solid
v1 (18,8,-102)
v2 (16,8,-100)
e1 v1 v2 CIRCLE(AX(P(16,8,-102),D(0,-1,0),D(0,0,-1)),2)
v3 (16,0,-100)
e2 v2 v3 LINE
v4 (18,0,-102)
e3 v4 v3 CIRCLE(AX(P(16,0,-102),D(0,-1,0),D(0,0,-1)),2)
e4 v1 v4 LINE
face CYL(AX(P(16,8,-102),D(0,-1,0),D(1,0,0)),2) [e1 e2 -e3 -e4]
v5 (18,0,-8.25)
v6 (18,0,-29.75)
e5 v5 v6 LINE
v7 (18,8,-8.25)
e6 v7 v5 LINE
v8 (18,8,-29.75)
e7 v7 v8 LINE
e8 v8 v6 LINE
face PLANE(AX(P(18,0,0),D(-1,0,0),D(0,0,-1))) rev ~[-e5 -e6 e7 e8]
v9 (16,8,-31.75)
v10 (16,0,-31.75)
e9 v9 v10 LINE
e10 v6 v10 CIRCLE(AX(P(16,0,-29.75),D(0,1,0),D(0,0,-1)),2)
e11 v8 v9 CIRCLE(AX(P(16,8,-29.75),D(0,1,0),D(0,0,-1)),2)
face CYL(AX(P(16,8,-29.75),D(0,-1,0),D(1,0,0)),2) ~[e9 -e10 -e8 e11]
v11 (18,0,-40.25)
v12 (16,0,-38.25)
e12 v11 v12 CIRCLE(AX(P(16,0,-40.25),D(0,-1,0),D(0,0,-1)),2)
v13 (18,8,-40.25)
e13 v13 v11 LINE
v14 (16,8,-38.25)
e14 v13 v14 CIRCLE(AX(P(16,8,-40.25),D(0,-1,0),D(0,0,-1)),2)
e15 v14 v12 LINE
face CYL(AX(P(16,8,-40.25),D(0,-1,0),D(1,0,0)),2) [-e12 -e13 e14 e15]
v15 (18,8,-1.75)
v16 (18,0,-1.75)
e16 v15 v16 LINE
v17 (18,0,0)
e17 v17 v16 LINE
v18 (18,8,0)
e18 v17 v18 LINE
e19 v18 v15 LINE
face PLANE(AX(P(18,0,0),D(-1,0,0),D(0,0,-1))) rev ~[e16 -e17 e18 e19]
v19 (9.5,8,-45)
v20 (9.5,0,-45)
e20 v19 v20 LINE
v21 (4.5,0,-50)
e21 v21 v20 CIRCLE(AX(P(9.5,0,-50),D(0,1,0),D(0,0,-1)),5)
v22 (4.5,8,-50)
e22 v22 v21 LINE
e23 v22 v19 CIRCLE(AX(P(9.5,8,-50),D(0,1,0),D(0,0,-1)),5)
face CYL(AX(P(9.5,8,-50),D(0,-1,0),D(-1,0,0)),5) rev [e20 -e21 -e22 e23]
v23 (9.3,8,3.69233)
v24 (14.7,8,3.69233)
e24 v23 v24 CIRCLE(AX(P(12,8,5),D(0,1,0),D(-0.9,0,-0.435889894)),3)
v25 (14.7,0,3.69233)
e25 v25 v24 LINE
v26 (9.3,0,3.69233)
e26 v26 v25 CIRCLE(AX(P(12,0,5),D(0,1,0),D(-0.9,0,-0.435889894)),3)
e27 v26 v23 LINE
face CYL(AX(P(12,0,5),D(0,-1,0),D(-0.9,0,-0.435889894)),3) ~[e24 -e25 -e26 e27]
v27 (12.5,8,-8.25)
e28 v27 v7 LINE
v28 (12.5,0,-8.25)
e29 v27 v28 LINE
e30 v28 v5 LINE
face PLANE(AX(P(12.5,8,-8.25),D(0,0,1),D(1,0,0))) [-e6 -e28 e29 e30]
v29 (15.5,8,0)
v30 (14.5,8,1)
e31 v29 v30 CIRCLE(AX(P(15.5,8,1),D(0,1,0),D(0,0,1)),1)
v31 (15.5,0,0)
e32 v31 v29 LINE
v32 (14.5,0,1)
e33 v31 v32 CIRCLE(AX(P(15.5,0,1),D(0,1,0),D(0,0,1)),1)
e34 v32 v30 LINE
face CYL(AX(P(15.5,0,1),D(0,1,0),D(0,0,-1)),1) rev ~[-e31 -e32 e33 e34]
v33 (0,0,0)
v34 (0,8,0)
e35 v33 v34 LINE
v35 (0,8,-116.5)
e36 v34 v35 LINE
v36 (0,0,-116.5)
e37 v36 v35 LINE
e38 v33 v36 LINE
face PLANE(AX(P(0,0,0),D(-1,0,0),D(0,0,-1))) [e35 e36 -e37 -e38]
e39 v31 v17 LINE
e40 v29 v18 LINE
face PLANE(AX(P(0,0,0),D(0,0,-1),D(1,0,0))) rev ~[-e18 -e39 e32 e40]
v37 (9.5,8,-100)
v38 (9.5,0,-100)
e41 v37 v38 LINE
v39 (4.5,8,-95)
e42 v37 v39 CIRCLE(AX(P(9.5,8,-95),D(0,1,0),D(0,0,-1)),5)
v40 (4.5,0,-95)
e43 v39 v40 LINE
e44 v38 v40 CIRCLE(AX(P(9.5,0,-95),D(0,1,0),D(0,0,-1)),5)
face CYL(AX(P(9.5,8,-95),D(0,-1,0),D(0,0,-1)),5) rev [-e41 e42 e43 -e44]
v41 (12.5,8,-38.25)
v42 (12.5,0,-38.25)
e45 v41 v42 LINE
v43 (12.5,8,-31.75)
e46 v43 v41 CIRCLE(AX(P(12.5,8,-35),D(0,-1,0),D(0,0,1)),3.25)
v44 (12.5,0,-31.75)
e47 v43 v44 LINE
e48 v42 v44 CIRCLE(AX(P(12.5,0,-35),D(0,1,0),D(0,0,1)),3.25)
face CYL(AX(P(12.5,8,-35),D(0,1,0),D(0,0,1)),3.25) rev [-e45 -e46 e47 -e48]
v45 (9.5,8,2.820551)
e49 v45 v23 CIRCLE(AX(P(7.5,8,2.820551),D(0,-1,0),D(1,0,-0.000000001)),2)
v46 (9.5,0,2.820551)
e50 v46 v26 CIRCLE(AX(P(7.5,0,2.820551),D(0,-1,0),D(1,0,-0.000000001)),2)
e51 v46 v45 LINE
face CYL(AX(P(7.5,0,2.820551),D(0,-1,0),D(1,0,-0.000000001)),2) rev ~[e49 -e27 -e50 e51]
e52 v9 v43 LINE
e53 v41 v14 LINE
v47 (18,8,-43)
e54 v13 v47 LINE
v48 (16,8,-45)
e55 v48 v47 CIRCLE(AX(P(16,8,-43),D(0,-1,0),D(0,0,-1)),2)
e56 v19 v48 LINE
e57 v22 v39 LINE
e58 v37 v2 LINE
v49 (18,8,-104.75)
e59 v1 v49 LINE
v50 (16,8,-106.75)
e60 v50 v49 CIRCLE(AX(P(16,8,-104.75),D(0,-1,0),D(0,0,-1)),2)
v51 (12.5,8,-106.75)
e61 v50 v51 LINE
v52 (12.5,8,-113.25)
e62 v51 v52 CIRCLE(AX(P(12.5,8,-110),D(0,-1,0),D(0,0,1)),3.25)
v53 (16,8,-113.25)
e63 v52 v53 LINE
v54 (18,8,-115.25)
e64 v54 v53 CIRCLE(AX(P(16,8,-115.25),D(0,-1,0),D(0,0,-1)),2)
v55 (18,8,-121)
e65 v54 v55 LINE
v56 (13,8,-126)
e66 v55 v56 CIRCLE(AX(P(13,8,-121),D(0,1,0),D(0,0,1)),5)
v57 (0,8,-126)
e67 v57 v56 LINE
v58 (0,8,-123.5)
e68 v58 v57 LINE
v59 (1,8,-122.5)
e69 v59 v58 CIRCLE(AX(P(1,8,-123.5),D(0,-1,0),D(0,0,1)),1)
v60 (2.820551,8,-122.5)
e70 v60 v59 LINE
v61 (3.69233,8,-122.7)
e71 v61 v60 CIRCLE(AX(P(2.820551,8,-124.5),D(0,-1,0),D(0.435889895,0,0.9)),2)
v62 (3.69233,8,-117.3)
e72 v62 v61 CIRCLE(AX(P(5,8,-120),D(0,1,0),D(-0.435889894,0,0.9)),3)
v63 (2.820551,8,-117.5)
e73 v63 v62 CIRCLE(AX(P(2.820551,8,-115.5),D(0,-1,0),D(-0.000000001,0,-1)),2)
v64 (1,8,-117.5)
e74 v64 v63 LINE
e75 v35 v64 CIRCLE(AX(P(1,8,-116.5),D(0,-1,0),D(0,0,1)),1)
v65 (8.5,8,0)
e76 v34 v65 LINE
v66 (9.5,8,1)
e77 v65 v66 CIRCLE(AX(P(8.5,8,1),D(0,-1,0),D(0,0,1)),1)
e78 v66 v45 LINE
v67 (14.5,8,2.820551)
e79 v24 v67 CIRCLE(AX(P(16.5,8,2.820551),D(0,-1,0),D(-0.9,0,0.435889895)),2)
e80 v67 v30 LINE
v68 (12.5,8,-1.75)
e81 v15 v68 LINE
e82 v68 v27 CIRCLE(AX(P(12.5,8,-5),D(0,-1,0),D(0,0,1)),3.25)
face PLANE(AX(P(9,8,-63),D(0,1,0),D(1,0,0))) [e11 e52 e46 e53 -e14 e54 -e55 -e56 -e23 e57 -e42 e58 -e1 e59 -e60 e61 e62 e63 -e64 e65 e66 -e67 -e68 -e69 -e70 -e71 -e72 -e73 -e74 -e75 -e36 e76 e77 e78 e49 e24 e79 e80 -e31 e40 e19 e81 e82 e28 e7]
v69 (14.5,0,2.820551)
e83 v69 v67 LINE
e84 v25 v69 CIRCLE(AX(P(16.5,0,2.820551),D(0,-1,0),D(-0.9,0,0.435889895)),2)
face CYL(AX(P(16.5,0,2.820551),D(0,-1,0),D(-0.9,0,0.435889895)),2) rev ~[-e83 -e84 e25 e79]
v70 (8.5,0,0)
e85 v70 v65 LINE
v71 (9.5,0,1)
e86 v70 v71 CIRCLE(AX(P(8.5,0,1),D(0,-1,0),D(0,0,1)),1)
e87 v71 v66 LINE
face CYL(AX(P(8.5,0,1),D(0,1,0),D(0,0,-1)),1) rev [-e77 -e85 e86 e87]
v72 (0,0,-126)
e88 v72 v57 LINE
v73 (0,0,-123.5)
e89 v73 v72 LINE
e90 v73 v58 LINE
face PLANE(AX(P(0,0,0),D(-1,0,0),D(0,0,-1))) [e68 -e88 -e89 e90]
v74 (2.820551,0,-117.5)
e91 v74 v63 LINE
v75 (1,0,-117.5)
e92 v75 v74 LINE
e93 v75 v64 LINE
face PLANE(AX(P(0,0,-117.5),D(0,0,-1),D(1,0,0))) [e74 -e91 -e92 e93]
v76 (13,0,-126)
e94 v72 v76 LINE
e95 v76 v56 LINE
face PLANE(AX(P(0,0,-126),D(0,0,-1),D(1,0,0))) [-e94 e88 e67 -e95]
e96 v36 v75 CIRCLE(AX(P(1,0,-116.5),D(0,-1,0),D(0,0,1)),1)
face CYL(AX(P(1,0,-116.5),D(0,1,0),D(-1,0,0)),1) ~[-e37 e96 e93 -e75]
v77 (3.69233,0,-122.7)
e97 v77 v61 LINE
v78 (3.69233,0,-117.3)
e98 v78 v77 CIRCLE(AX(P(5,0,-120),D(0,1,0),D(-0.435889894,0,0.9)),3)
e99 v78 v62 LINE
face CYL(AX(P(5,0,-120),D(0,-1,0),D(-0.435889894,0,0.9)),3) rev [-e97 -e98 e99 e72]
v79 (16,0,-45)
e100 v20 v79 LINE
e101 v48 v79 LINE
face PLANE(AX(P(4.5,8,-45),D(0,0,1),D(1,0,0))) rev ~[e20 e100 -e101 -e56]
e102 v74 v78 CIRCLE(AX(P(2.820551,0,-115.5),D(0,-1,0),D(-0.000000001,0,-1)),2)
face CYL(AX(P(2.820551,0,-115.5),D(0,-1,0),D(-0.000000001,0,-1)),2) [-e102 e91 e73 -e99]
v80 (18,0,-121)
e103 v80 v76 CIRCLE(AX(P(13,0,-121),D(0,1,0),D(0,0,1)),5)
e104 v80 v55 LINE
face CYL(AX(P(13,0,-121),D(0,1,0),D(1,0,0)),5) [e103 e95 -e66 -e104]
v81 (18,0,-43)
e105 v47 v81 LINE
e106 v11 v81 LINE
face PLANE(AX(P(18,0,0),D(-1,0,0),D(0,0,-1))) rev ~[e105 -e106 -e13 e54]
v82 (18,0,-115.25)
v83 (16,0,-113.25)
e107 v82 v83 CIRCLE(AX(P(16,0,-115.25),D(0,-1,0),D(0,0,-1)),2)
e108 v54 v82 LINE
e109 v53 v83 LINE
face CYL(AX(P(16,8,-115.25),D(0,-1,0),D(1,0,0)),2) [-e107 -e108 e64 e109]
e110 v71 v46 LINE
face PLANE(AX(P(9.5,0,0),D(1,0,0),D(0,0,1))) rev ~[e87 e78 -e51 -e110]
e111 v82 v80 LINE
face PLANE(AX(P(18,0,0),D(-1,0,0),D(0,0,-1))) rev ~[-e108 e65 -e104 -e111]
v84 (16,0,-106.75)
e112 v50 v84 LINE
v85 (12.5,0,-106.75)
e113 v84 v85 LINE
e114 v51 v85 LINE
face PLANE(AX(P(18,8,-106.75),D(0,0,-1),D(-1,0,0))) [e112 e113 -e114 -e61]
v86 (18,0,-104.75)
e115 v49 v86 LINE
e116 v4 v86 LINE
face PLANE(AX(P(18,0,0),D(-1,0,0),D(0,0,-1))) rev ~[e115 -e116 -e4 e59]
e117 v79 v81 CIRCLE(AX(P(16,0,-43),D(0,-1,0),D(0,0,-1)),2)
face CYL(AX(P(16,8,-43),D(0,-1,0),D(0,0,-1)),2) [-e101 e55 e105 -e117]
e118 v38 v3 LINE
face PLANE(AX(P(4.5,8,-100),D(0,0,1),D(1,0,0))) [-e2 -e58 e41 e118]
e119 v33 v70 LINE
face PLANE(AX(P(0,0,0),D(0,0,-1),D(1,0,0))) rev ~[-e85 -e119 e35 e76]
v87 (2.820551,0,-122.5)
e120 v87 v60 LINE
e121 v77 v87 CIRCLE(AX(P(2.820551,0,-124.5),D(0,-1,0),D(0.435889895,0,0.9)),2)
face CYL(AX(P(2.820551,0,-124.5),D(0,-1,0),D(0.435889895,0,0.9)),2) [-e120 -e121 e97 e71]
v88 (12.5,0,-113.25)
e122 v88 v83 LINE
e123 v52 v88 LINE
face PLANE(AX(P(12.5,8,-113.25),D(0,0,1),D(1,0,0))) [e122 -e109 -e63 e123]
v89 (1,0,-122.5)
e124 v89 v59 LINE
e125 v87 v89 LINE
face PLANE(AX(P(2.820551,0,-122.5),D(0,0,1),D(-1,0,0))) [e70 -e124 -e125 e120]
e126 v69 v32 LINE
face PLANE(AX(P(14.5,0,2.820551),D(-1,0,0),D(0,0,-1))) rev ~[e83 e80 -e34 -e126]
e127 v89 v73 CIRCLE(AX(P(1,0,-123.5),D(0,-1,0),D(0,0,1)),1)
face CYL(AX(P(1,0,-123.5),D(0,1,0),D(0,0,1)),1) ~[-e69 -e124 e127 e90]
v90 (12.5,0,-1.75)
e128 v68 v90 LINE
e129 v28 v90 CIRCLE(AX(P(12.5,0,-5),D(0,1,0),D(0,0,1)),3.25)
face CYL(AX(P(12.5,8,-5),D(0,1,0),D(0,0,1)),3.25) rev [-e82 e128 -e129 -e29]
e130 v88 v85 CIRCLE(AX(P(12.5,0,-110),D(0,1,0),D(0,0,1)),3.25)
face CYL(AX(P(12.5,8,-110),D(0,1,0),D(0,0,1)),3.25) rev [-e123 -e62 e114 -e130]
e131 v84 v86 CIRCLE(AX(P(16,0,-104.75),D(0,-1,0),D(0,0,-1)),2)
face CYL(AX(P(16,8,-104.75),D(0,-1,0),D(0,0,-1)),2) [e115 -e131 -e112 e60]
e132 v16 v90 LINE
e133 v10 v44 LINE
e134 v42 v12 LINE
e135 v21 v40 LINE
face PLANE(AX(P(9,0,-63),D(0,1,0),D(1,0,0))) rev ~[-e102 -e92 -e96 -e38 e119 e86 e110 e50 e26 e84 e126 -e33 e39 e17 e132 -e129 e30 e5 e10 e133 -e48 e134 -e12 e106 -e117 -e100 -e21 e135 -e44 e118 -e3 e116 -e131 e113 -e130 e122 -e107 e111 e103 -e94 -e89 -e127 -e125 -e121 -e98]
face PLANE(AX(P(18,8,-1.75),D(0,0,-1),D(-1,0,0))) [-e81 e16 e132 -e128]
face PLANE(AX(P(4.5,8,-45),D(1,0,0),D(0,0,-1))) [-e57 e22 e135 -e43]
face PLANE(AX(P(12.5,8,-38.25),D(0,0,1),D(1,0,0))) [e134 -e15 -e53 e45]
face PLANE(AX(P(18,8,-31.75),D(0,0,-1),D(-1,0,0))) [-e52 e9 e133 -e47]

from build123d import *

# Parameters (mm, degrees)
SKETCH_1_W          = 18
SKETCH_1_H          = 126
EXTRUDE_1_DEPTH     = 8
SKETCH_5_W          = 13.5
SKETCH_5_H          = 55
CUT_EXTRUDE_3_DEPTH = 10
CUT_EXTRUDE_1_DEPTH = 10
FILLET_1_R          = 5
FILLET_2_R          = 5
FILLET_3_R          = 2
CUT_EXTRUDE_4_DEPTH = 8
EXTRUDE_3_DEPTH     = 8
FILLET_4_R          = 1


with BuildPart() as part:
    # 스케치1 → 보스-돌출1 (new body)
    with BuildSketch(Plane(origin=(0, 0, 0), x_dir=(1, 0, 0), z_dir=(0, 1, 0))):
        with Locations((9, 63)):
            Rectangle(SKETCH_1_W, SKETCH_1_H)
    extrude(amount=EXTRUDE_1_DEPTH)

    # 스케치5 → 컷-돌출3 (cut)
    with BuildSketch(Plane(origin=(0, 8, 0), x_dir=(1, 0, 0), z_dir=(0, 1, 0))):
        with Locations((11.25, 72.5)):
            Rectangle(SKETCH_5_W, SKETCH_5_H)
    extrude(amount=-CUT_EXTRUDE_3_DEPTH, mode=Mode.SUBTRACT)

    # 스케치2 → 컷-돌출1 (cut)
    with BuildSketch(Plane(origin=(0, 8, 0), x_dir=(1, 0, 0), z_dir=(0, 1, 0))):
        with BuildLine():
            Line((12.5, 8.25), (18, 8.25))
            ThreePointArc((18, 8.25), (21.25, 5), (18, 1.75))
            Line((18, 1.75), (12.5, 1.75))
            ThreePointArc((12.5, 1.75), (9.25, 5), (12.5, 8.25))
        make_face()
        with BuildLine():
            Line((12.5, 113.25), (18, 113.25))
            ThreePointArc((18, 113.25), (21.25, 110), (18, 106.75))
            Line((18, 106.75), (12.5, 106.75))
            ThreePointArc((12.5, 106.75), (9.25, 110), (12.5, 113.25))
        make_face()
        with BuildLine():
            Line((12.5, 38.25), (18, 38.25))
            ThreePointArc((18, 38.25), (21.25, 35), (18, 31.75))
            Line((18, 31.75), (12.5, 31.75))
            ThreePointArc((12.5, 31.75), (9.25, 35), (12.5, 38.25))
        make_face()
    extrude(amount=-CUT_EXTRUDE_1_DEPTH, mode=Mode.SUBTRACT)

    # 필렛1
    fillet_1_edges = [part.edges().sort_by_distance(p)[0] for p in [
        (4.5, 4, -45),
        (4.5, 4, -100),
    ]]
    fillet(fillet_1_edges, radius=FILLET_1_R)

    # 필렛2
    fillet_2_edges = [part.edges().sort_by_distance(p)[0] for p in [
        (18, 4, -126),
    ]]
    fillet(fillet_2_edges, radius=FILLET_2_R)

    # 필렛3
    fillet_3_edges = [part.edges().sort_by_distance(p)[0] for p in [
        (18, 4, -100),
        (18, 4, -45),
        (18, 4, -113.25),
        (18, 4, -106.75),
        (18, 4, -38.25),
        (18, 4, -31.75),
    ]]
    fillet(fillet_3_edges, radius=FILLET_3_R)

    # 스케치6 → 컷-돌출4 (cut)
    with BuildSketch(Plane.XZ):
        with BuildLine():
            Line((0, -117.5), (2.820550528, -117.5))
            ThreePointArc((2.820550528, -117.5), (3.267764124, -117.449358869), (3.692330317, -117.3))
            ThreePointArc((3.692330317, -117.3), (8, -120), (3.692330317, -122.7))
            ThreePointArc((3.692330317, -122.7), (3.267764124, -122.550641131), (2.820550528, -122.5))
            Line((2.820550528, -122.5), (0, -122.5))
            Line((0, -122.5), (0, -117.5))
        make_face()
    extrude(amount=-CUT_EXTRUDE_4_DEPTH, mode=Mode.SUBTRACT)

    # 스케치7 → 보스-돌출3 (add)
    with BuildSketch(Plane.XZ):
        with BuildLine():
            Line((9.5, 0), (9.5, 2.820550528))
            ThreePointArc((9.5, 2.820550528), (9.449358869, 3.267764124), (9.3, 3.692330317))
            ThreePointArc((9.3, 3.692330317), (12, 8), (14.7, 3.692330317))
            ThreePointArc((14.7, 3.692330317), (14.550641131, 3.267764124), (14.5, 2.820550528))
            Line((14.5, 2.820550528), (14.5, 0))
            Line((14.5, 0), (9.5, 0))
        make_face()
    extrude(amount=-EXTRUDE_3_DEPTH)

    # 필렛4
    fillet_4_edges = [part.edges().sort_by_distance(p)[0] for p in [
        (0, 4, -117.5),
        (0, 4, -122.5),
        (9.5, 4, 0),
        (14.5, 4, 0),
    ]]
    fillet(fillet_4_edges, radius=FILLET_4_R)


solid = part.part
